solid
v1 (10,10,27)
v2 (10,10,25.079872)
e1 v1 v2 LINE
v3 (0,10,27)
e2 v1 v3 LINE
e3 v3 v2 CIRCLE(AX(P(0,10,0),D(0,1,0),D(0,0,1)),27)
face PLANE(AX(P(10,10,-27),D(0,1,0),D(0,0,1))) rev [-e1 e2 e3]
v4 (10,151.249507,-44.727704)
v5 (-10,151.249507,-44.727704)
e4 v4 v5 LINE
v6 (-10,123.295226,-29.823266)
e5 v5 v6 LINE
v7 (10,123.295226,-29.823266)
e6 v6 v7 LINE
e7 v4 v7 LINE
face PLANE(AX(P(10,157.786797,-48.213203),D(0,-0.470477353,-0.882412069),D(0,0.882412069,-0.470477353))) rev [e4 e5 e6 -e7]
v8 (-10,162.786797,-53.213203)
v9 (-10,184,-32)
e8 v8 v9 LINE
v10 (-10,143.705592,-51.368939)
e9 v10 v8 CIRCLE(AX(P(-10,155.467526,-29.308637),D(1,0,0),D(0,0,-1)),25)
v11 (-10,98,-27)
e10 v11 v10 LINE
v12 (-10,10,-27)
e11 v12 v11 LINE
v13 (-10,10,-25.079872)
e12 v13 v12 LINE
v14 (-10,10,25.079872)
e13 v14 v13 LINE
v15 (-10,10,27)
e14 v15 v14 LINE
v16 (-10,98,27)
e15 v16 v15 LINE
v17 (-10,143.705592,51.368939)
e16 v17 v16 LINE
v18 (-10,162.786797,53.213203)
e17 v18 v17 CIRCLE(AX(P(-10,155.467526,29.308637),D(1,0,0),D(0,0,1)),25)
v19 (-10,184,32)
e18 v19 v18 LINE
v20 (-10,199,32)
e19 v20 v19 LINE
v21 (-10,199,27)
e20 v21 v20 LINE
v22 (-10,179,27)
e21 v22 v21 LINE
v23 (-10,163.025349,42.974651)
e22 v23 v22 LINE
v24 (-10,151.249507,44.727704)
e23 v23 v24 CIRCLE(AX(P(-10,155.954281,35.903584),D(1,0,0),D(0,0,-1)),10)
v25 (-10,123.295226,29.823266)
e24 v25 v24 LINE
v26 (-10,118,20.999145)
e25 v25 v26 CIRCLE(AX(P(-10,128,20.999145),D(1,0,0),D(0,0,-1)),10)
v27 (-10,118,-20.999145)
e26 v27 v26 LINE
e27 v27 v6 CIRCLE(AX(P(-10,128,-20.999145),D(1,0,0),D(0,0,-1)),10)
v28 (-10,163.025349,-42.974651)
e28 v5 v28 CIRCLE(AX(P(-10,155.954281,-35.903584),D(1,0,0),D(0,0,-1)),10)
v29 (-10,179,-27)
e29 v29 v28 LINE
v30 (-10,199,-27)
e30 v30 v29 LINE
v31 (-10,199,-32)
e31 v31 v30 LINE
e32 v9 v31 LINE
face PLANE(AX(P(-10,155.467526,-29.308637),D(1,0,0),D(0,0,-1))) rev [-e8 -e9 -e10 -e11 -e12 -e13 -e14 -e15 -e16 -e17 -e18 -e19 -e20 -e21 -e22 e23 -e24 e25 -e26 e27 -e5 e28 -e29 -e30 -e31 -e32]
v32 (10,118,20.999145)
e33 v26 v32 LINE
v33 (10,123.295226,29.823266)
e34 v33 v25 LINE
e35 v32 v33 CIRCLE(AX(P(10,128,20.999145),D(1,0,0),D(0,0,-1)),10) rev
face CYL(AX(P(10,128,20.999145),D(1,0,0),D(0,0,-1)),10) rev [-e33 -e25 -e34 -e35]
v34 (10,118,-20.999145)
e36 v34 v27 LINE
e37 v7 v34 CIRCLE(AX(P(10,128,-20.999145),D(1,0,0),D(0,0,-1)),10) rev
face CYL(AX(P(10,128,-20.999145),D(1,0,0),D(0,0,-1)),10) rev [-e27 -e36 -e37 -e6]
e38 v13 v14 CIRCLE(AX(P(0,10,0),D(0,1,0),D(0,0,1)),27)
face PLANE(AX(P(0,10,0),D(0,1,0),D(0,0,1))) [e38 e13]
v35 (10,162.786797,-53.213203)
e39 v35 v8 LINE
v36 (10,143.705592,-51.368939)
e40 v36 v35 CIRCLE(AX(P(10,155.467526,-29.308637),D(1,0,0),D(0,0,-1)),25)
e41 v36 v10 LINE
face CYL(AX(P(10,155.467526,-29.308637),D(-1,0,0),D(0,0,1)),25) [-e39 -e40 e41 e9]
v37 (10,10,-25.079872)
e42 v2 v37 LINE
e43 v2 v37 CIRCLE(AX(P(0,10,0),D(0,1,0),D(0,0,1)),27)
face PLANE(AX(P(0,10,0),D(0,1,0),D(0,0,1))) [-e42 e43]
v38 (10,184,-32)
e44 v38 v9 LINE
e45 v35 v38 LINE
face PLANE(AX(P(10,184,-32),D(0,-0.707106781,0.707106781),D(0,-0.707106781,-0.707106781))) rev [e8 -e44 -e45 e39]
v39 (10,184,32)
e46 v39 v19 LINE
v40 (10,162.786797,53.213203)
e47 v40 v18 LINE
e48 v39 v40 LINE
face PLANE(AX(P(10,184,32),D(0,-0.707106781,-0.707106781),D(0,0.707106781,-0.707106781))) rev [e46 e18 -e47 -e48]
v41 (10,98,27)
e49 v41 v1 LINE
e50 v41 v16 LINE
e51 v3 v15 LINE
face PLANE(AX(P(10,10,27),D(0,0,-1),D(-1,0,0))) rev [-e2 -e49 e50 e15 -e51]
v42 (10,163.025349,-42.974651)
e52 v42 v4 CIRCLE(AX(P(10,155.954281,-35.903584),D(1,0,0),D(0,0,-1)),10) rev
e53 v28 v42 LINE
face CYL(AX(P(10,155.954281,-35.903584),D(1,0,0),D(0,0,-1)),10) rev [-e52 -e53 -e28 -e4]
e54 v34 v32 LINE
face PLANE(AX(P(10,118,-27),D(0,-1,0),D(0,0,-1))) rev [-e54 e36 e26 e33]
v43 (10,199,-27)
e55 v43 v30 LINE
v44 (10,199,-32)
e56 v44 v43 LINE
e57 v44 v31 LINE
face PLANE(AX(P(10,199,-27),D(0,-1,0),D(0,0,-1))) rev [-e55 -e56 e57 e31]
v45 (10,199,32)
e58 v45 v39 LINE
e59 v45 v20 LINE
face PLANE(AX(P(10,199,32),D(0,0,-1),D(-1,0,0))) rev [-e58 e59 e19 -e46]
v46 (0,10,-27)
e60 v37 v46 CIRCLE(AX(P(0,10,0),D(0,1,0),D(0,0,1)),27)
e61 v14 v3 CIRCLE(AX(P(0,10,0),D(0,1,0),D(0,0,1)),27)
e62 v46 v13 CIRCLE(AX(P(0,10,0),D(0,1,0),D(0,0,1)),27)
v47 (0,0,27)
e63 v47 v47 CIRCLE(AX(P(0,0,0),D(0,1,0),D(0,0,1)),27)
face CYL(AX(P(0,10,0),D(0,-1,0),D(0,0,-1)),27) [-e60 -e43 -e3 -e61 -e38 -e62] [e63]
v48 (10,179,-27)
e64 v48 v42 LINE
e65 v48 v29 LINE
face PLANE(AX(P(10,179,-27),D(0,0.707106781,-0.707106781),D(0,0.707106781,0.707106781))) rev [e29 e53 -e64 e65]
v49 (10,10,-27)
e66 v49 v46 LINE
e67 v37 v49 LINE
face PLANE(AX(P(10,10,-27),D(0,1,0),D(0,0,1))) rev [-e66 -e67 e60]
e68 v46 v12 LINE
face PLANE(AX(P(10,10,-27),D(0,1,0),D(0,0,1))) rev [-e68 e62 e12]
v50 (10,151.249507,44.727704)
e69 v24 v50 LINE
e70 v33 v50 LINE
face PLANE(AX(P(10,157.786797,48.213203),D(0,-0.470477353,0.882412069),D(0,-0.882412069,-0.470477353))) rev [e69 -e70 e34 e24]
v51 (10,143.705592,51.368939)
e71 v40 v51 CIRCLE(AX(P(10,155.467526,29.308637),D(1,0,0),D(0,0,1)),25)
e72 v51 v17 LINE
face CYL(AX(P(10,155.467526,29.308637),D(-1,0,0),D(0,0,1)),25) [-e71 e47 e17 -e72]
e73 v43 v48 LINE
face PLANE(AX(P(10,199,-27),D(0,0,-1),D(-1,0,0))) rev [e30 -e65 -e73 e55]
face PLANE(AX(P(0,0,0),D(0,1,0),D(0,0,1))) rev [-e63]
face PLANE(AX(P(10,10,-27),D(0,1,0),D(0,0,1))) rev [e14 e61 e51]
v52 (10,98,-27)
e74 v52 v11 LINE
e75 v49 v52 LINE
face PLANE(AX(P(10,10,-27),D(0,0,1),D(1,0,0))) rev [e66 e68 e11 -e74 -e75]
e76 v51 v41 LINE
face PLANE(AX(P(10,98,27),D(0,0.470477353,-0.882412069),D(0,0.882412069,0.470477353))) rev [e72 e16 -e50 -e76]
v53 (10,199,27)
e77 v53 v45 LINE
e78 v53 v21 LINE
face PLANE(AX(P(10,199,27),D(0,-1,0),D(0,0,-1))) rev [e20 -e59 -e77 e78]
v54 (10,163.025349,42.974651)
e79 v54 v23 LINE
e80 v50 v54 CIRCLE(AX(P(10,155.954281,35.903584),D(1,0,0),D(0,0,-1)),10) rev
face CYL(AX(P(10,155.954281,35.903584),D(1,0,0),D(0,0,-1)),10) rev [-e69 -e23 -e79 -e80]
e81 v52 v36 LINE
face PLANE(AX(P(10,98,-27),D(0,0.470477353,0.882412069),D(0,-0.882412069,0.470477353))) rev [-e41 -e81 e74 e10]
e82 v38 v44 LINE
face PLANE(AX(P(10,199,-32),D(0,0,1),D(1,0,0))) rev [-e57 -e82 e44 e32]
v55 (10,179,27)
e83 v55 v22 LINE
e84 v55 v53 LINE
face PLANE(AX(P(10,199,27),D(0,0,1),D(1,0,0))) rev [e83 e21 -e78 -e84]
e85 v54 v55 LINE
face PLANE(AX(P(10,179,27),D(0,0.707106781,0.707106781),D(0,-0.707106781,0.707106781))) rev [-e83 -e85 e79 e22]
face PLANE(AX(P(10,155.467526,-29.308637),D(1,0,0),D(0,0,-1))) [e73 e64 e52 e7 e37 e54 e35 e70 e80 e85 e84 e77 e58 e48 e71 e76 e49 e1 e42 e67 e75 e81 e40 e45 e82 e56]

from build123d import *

# Parameters (mm, degrees)
SKETCH2_R           = 27
BOSS_EXTRUDE1_DEPTH = 10
BOSS_EXTRUDE2_DEPTH = 10
FILLET1_R           = 10


with BuildPart() as part:
    # Sketch2 → Boss-Extrude1 (new body)
    with BuildSketch(Plane(origin=(0, 0, 0), x_dir=(1, 0, 0), z_dir=(0, 1, 0))):
        with Locations(Location((0, 0, 0), (0, 0, 270))):
            Circle(SKETCH2_R)
    extrude(amount=BOSS_EXTRUDE1_DEPTH)

    # Sketch3 → Boss-Extrude2 (add, symmetric)
    with BuildSketch(Plane(origin=(0, 0, 0), x_dir=(0, 0, -1), z_dir=(1, 0, 0))):
        with BuildLine():
            Line((27, 10), (-27, 10))
            Line((-27, 10), (-27, 98))
            Line((-27, 98), (-51.368939129, 143.705592112))
            ThreePointArc((-51.368939129, 143.705592112), (-54.192675617, 153.062397712), (-53.213203436, 162.786796564))
            Line((-53.213203436, 162.786796564), (-32, 184))
            Line((-32, 184), (-32, 199))
            Line((-32, 199), (-27, 199))
            Line((-27, 199), (-27, 179))
            Line((-27, 179), (-48.213203436, 157.786796564))
            Line((-48.213203436, 157.786796564), (-27, 118))
            Line((-27, 118), (27, 118))
            Line((27, 118), (48.213203436, 157.786796564))
            Line((48.213203436, 157.786796564), (27, 179))
            Line((27, 179), (27, 199))
            Line((27, 199), (32, 199))
            Line((32, 199), (32, 184))
            Line((32, 184), (53.213203436, 162.786796564))
            ThreePointArc((53.213203436, 162.786796564), (54.192675617, 153.062397712), (51.368939129, 143.705592112))
            Line((51.368939129, 143.705592112), (27, 98))
            Line((27, 98), (27, 10))
        make_face()
    extrude(amount=BOSS_EXTRUDE2_DEPTH, both=True)

    # Fillet1
    fillet1_edges = [part.edges().sort_by_distance(p)[0] for p in [
        (0, 157.786796564, -48.213203436),
        (0, 118, -27),
        (0, 118, 27),
        (0, 157.786796564, 48.213203436),
    ]]
    fillet(fillet1_edges, radius=FILLET1_R)


solid = part.part
